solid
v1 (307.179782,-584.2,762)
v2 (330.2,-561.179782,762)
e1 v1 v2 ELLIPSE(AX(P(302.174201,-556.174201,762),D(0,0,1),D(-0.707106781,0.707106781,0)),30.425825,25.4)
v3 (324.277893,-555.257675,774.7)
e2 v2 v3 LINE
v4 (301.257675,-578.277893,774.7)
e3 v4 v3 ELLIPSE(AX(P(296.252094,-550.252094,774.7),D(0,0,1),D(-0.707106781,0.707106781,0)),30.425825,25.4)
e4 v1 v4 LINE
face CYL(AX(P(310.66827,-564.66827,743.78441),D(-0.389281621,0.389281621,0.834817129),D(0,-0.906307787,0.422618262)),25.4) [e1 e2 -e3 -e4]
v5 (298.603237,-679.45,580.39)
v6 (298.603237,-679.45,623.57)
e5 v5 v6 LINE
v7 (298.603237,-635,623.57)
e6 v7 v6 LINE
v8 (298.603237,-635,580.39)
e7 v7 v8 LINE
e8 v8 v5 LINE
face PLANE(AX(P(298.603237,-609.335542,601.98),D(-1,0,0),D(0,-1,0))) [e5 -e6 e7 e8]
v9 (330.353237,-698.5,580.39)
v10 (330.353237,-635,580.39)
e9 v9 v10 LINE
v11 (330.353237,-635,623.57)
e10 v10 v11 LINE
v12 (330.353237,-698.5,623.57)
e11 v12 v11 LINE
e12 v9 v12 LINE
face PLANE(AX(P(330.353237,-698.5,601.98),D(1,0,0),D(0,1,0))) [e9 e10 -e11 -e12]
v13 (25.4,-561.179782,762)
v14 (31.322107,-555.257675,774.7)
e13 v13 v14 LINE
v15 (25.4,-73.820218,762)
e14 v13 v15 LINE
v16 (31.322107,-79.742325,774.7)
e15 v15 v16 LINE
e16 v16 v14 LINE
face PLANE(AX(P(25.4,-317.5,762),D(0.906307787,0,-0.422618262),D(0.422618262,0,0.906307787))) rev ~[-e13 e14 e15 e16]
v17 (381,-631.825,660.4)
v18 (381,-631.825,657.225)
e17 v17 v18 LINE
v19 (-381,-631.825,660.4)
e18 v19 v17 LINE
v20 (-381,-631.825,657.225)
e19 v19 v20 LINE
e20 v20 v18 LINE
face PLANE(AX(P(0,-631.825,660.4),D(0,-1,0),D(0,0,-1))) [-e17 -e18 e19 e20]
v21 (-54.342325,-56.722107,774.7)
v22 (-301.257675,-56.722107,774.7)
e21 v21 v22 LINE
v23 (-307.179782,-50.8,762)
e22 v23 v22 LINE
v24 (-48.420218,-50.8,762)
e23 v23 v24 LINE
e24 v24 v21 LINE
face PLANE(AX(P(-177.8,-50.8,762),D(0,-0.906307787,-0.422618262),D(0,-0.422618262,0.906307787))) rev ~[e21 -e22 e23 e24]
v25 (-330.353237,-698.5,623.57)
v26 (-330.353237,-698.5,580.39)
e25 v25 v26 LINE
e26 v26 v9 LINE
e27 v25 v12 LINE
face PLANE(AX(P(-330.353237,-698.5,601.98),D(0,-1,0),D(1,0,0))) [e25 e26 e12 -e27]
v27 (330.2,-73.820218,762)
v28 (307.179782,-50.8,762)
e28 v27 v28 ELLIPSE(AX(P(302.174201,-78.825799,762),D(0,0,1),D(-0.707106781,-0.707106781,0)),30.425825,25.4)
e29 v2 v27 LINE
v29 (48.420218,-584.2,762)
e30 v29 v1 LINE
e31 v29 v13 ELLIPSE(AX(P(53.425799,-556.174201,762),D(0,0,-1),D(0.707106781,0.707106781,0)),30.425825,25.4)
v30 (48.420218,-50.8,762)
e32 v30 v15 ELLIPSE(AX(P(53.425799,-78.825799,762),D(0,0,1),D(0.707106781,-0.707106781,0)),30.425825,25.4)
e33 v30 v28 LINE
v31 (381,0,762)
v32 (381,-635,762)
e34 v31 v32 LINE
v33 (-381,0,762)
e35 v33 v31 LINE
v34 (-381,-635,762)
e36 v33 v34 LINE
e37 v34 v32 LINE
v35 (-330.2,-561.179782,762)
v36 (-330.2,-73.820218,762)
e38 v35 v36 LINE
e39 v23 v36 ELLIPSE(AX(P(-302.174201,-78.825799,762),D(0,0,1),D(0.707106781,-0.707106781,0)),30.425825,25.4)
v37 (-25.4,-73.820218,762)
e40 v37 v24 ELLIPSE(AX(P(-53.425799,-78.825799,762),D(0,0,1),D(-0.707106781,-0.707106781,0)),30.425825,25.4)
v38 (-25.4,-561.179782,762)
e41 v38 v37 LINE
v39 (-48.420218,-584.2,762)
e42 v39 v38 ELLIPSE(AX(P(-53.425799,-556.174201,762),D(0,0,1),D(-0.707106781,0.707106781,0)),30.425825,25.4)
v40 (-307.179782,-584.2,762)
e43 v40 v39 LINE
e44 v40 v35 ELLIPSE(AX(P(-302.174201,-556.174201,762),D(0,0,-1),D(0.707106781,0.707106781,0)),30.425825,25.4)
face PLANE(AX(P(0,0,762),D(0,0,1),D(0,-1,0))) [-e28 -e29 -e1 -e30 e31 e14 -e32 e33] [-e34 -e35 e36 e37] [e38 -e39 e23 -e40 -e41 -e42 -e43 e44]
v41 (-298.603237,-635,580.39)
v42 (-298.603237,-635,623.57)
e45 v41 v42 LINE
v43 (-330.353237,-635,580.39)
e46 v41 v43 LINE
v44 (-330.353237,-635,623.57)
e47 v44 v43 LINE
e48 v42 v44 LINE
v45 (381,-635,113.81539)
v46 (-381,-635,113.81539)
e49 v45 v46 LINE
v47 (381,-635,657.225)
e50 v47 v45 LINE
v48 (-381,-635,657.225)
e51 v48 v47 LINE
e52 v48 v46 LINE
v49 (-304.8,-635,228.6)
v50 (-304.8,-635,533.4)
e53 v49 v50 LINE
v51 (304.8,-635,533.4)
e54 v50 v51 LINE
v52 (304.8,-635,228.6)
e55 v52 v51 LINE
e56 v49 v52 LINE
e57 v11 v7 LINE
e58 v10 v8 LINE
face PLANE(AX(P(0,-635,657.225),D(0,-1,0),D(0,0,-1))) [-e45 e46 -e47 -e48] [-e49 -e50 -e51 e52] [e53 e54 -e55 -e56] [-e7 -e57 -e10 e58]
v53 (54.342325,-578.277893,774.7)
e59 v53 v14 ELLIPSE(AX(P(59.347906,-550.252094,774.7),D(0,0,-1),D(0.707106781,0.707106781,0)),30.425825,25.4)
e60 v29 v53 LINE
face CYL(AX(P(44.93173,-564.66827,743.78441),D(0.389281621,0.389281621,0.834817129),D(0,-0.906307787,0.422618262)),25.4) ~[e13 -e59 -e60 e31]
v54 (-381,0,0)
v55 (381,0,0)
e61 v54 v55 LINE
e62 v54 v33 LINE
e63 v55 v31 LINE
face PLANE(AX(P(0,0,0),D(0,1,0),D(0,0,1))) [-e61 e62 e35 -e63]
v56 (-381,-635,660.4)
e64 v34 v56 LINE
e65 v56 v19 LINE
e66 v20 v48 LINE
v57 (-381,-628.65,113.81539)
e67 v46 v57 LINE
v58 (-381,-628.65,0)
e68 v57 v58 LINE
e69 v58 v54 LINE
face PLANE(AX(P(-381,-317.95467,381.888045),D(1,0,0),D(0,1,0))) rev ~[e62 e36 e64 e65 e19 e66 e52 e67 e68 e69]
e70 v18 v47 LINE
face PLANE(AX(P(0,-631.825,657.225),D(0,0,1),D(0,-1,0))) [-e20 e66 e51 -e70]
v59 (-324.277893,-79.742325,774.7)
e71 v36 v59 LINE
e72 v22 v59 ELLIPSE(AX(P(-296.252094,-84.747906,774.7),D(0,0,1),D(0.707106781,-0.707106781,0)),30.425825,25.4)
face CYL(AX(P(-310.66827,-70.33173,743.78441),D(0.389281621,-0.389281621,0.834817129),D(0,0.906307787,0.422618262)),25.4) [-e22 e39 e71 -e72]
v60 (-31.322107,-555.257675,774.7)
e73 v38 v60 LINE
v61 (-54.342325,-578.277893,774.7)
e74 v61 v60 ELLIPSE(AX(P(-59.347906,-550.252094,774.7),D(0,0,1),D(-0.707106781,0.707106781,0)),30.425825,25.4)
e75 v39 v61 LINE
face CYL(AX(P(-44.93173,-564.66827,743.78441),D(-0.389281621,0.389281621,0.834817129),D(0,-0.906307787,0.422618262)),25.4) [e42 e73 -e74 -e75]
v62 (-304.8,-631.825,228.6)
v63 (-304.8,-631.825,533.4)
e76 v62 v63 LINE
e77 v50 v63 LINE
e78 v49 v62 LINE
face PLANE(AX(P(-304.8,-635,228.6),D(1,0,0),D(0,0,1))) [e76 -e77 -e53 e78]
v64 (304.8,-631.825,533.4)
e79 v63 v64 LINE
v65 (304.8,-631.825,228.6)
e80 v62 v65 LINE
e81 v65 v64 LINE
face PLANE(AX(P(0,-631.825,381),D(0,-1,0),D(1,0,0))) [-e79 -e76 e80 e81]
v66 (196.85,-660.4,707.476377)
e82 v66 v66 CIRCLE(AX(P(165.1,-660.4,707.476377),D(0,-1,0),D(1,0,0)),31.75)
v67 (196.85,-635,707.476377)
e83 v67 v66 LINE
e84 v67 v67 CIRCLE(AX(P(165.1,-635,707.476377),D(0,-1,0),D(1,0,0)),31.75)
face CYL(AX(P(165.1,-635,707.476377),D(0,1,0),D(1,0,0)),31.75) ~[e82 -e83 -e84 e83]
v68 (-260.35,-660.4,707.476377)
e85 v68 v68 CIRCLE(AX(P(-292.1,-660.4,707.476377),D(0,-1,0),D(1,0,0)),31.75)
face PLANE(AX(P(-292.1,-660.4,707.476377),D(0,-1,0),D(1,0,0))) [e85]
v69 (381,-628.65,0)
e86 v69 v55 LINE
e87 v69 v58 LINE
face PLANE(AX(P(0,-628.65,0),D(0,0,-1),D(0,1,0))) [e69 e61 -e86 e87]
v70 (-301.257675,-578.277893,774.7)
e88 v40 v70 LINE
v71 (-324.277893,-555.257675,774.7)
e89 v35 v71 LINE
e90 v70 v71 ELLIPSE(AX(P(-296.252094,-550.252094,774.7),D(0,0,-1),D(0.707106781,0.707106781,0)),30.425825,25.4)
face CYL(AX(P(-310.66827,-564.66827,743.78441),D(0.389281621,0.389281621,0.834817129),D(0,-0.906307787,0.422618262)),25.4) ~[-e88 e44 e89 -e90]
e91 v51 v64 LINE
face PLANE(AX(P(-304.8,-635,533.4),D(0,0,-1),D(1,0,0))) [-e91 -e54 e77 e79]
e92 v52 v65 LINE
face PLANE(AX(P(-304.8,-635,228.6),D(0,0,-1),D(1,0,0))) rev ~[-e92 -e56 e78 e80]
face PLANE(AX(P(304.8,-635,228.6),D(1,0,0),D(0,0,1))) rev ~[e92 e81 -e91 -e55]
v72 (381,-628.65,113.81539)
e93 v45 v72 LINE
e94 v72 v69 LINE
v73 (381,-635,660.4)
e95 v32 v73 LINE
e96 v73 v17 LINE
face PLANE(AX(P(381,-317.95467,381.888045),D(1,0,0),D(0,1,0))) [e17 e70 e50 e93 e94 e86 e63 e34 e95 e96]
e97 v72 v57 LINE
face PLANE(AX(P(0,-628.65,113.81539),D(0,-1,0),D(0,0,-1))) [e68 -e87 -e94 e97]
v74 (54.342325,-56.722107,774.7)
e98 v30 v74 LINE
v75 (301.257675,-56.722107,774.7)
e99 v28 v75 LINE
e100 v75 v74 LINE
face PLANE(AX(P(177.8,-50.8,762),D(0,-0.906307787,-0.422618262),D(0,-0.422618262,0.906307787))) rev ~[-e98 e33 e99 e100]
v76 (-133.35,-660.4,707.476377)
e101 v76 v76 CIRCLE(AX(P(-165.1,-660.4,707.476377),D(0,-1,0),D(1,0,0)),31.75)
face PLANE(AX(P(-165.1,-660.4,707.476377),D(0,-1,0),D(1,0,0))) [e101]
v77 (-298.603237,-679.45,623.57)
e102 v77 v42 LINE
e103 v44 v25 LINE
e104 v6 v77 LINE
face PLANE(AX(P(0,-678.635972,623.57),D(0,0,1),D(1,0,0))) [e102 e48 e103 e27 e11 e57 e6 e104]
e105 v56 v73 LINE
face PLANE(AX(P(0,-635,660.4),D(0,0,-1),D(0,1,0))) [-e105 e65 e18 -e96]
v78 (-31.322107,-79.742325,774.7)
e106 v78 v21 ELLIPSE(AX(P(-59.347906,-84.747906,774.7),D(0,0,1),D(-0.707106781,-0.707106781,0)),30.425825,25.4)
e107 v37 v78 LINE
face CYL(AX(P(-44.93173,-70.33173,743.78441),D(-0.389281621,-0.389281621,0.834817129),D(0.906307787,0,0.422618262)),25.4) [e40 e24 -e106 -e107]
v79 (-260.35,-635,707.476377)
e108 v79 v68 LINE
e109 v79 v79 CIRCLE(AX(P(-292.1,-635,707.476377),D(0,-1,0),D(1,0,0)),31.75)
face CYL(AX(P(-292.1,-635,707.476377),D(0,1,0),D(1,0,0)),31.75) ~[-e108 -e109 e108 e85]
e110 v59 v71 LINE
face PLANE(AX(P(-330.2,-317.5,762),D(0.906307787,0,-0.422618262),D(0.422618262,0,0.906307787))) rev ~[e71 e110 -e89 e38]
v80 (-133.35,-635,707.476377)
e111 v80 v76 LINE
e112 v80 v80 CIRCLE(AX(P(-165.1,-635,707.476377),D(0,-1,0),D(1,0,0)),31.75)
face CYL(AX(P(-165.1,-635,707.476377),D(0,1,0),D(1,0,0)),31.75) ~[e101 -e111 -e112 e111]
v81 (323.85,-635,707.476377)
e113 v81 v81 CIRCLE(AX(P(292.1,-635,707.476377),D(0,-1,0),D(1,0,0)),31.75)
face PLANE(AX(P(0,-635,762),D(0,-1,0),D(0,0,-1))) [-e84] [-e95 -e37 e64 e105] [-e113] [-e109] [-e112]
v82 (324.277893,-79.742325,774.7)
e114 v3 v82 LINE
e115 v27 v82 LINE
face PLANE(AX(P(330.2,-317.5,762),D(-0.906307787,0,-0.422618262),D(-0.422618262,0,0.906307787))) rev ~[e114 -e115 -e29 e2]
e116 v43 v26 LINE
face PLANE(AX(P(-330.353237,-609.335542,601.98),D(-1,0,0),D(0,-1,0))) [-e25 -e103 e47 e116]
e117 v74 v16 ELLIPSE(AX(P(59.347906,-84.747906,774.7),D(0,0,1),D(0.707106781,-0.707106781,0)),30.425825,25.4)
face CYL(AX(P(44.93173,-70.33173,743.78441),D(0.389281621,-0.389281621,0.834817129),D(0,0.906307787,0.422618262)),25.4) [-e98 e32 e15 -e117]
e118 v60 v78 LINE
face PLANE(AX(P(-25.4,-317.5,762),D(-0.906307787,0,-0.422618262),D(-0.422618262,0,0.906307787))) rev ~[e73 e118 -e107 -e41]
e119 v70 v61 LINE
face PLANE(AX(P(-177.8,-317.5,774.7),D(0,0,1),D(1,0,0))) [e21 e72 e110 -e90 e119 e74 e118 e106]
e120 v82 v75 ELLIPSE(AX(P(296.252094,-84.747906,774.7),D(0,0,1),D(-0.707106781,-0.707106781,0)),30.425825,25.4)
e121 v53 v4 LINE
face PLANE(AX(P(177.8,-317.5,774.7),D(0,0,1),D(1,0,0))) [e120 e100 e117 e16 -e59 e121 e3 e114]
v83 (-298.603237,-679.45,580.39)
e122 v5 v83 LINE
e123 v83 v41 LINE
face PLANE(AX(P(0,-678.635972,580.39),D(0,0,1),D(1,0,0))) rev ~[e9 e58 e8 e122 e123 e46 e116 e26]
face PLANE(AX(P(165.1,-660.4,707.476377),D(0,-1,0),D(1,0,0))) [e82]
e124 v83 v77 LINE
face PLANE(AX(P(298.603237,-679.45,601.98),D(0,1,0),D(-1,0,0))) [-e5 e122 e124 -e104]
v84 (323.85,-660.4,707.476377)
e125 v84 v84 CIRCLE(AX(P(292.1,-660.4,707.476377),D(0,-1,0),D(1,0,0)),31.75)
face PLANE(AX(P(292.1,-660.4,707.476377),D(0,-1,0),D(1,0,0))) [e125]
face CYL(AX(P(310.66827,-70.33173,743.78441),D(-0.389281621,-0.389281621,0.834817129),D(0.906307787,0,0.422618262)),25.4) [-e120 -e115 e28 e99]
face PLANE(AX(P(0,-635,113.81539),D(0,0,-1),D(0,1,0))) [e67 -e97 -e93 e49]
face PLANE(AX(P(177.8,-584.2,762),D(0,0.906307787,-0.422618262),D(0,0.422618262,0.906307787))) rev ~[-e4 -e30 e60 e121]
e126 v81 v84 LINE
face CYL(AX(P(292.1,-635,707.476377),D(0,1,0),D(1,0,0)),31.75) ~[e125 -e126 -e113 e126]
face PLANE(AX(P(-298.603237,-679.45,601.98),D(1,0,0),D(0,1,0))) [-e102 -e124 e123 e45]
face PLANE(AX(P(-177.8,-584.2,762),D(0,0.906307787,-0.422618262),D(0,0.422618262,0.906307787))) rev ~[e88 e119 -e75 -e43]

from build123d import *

# Parameters (mm, degrees)
F1_DEPTH  = 381
F2_W      = 609.6
F2_H      = 304.8
F3_DEPTH  = 3.175
F6_DEPTH  = 21.59
F7_R      = 31.75
F8_DEPTH  = 25.4
F9_W      = 304.8
F9_H      = 533.4
F10_DEPTH = 12.7
F10_TAPER = 25
F11_R     = 25.4


with BuildPart() as f1:
    # F0 (on Right) → F1 (new body, symmetric)
    with BuildSketch(Plane.YZ):
        Polygon((-628.65, 0), (0, 0), (0, 762), (-635, 762), (-635, 660.4), (-631.825, 660.4), (-631.825, 657.225), (-635, 657.225), (-635, 113.8153895736), (-628.65, 113.8153895736), align=None)
    extrude(amount=F1_DEPTH, both=True)

    # F2 (on face) → F3 (cut)
    with BuildSketch(Plane.XZ.offset(635)):
        with Locations((0, 381)):
            Rectangle(F2_W, F2_H)
    extrude(amount=-F3_DEPTH, mode=Mode.SUBTRACT)

    # F5 (on offset) → F6 (join, symmetric)
    with BuildSketch(Plane.XY.offset(601.98)):
        Polygon((-330.3532366753, -698.5), (330.3532366753, -698.5), (330.3532366753, -609.3355417252), (298.6032366753, -609.3355417252), (298.6032366753, -679.45), (-298.6032366753, -679.45), (-298.6032366753, -609.3355417252), (-330.3532366753, -609.3355417252), align=None)
    extrude(amount=F6_DEPTH, both=True)

    # F7 (on face) → F8 (join)
    with BuildSketch(Plane.XZ.offset(635)):
        with Locations((-292.1, 707.4763774872)):
            Circle(F7_R)
        with Locations((-165.1, 707.4763774872)):
            Circle(F7_R)
        with Locations((165.1, 707.4763774872)):
            Circle(F7_R)
        with Locations((292.1, 707.4763774872)):
            Circle(F7_R)
    extrude(amount=F8_DEPTH)

    # F9 (on face) → F10 (join)
    with BuildSketch(Plane.XY.offset(762)):
        with Locations((-177.8, -317.5)):
            Rectangle(F9_W, F9_H)
        with Locations((177.8, -317.5)):
            Rectangle(F9_W, F9_H)
    extrude(amount=F10_DEPTH, taper=F10_TAPER)

    # F11
    f11_edges = [f1.edges().sort_by_distance(p)[0] for p in [
        (-327.238946, -581.238946, 768.35),
        (-28.361054, -581.238946, 768.35),
        (28.361054, -581.238946, 768.35),
        (28.361054, -53.761054, 768.35),
        (-327.238946, -53.761054, 768.35),
        (327.238946, -581.238946, 768.35),
        (327.238946, -53.761054, 768.35),
        (-28.361054, -53.761054, 768.35),
    ]]
    fillet(f11_edges, radius=F11_R)


solid = f1.part
